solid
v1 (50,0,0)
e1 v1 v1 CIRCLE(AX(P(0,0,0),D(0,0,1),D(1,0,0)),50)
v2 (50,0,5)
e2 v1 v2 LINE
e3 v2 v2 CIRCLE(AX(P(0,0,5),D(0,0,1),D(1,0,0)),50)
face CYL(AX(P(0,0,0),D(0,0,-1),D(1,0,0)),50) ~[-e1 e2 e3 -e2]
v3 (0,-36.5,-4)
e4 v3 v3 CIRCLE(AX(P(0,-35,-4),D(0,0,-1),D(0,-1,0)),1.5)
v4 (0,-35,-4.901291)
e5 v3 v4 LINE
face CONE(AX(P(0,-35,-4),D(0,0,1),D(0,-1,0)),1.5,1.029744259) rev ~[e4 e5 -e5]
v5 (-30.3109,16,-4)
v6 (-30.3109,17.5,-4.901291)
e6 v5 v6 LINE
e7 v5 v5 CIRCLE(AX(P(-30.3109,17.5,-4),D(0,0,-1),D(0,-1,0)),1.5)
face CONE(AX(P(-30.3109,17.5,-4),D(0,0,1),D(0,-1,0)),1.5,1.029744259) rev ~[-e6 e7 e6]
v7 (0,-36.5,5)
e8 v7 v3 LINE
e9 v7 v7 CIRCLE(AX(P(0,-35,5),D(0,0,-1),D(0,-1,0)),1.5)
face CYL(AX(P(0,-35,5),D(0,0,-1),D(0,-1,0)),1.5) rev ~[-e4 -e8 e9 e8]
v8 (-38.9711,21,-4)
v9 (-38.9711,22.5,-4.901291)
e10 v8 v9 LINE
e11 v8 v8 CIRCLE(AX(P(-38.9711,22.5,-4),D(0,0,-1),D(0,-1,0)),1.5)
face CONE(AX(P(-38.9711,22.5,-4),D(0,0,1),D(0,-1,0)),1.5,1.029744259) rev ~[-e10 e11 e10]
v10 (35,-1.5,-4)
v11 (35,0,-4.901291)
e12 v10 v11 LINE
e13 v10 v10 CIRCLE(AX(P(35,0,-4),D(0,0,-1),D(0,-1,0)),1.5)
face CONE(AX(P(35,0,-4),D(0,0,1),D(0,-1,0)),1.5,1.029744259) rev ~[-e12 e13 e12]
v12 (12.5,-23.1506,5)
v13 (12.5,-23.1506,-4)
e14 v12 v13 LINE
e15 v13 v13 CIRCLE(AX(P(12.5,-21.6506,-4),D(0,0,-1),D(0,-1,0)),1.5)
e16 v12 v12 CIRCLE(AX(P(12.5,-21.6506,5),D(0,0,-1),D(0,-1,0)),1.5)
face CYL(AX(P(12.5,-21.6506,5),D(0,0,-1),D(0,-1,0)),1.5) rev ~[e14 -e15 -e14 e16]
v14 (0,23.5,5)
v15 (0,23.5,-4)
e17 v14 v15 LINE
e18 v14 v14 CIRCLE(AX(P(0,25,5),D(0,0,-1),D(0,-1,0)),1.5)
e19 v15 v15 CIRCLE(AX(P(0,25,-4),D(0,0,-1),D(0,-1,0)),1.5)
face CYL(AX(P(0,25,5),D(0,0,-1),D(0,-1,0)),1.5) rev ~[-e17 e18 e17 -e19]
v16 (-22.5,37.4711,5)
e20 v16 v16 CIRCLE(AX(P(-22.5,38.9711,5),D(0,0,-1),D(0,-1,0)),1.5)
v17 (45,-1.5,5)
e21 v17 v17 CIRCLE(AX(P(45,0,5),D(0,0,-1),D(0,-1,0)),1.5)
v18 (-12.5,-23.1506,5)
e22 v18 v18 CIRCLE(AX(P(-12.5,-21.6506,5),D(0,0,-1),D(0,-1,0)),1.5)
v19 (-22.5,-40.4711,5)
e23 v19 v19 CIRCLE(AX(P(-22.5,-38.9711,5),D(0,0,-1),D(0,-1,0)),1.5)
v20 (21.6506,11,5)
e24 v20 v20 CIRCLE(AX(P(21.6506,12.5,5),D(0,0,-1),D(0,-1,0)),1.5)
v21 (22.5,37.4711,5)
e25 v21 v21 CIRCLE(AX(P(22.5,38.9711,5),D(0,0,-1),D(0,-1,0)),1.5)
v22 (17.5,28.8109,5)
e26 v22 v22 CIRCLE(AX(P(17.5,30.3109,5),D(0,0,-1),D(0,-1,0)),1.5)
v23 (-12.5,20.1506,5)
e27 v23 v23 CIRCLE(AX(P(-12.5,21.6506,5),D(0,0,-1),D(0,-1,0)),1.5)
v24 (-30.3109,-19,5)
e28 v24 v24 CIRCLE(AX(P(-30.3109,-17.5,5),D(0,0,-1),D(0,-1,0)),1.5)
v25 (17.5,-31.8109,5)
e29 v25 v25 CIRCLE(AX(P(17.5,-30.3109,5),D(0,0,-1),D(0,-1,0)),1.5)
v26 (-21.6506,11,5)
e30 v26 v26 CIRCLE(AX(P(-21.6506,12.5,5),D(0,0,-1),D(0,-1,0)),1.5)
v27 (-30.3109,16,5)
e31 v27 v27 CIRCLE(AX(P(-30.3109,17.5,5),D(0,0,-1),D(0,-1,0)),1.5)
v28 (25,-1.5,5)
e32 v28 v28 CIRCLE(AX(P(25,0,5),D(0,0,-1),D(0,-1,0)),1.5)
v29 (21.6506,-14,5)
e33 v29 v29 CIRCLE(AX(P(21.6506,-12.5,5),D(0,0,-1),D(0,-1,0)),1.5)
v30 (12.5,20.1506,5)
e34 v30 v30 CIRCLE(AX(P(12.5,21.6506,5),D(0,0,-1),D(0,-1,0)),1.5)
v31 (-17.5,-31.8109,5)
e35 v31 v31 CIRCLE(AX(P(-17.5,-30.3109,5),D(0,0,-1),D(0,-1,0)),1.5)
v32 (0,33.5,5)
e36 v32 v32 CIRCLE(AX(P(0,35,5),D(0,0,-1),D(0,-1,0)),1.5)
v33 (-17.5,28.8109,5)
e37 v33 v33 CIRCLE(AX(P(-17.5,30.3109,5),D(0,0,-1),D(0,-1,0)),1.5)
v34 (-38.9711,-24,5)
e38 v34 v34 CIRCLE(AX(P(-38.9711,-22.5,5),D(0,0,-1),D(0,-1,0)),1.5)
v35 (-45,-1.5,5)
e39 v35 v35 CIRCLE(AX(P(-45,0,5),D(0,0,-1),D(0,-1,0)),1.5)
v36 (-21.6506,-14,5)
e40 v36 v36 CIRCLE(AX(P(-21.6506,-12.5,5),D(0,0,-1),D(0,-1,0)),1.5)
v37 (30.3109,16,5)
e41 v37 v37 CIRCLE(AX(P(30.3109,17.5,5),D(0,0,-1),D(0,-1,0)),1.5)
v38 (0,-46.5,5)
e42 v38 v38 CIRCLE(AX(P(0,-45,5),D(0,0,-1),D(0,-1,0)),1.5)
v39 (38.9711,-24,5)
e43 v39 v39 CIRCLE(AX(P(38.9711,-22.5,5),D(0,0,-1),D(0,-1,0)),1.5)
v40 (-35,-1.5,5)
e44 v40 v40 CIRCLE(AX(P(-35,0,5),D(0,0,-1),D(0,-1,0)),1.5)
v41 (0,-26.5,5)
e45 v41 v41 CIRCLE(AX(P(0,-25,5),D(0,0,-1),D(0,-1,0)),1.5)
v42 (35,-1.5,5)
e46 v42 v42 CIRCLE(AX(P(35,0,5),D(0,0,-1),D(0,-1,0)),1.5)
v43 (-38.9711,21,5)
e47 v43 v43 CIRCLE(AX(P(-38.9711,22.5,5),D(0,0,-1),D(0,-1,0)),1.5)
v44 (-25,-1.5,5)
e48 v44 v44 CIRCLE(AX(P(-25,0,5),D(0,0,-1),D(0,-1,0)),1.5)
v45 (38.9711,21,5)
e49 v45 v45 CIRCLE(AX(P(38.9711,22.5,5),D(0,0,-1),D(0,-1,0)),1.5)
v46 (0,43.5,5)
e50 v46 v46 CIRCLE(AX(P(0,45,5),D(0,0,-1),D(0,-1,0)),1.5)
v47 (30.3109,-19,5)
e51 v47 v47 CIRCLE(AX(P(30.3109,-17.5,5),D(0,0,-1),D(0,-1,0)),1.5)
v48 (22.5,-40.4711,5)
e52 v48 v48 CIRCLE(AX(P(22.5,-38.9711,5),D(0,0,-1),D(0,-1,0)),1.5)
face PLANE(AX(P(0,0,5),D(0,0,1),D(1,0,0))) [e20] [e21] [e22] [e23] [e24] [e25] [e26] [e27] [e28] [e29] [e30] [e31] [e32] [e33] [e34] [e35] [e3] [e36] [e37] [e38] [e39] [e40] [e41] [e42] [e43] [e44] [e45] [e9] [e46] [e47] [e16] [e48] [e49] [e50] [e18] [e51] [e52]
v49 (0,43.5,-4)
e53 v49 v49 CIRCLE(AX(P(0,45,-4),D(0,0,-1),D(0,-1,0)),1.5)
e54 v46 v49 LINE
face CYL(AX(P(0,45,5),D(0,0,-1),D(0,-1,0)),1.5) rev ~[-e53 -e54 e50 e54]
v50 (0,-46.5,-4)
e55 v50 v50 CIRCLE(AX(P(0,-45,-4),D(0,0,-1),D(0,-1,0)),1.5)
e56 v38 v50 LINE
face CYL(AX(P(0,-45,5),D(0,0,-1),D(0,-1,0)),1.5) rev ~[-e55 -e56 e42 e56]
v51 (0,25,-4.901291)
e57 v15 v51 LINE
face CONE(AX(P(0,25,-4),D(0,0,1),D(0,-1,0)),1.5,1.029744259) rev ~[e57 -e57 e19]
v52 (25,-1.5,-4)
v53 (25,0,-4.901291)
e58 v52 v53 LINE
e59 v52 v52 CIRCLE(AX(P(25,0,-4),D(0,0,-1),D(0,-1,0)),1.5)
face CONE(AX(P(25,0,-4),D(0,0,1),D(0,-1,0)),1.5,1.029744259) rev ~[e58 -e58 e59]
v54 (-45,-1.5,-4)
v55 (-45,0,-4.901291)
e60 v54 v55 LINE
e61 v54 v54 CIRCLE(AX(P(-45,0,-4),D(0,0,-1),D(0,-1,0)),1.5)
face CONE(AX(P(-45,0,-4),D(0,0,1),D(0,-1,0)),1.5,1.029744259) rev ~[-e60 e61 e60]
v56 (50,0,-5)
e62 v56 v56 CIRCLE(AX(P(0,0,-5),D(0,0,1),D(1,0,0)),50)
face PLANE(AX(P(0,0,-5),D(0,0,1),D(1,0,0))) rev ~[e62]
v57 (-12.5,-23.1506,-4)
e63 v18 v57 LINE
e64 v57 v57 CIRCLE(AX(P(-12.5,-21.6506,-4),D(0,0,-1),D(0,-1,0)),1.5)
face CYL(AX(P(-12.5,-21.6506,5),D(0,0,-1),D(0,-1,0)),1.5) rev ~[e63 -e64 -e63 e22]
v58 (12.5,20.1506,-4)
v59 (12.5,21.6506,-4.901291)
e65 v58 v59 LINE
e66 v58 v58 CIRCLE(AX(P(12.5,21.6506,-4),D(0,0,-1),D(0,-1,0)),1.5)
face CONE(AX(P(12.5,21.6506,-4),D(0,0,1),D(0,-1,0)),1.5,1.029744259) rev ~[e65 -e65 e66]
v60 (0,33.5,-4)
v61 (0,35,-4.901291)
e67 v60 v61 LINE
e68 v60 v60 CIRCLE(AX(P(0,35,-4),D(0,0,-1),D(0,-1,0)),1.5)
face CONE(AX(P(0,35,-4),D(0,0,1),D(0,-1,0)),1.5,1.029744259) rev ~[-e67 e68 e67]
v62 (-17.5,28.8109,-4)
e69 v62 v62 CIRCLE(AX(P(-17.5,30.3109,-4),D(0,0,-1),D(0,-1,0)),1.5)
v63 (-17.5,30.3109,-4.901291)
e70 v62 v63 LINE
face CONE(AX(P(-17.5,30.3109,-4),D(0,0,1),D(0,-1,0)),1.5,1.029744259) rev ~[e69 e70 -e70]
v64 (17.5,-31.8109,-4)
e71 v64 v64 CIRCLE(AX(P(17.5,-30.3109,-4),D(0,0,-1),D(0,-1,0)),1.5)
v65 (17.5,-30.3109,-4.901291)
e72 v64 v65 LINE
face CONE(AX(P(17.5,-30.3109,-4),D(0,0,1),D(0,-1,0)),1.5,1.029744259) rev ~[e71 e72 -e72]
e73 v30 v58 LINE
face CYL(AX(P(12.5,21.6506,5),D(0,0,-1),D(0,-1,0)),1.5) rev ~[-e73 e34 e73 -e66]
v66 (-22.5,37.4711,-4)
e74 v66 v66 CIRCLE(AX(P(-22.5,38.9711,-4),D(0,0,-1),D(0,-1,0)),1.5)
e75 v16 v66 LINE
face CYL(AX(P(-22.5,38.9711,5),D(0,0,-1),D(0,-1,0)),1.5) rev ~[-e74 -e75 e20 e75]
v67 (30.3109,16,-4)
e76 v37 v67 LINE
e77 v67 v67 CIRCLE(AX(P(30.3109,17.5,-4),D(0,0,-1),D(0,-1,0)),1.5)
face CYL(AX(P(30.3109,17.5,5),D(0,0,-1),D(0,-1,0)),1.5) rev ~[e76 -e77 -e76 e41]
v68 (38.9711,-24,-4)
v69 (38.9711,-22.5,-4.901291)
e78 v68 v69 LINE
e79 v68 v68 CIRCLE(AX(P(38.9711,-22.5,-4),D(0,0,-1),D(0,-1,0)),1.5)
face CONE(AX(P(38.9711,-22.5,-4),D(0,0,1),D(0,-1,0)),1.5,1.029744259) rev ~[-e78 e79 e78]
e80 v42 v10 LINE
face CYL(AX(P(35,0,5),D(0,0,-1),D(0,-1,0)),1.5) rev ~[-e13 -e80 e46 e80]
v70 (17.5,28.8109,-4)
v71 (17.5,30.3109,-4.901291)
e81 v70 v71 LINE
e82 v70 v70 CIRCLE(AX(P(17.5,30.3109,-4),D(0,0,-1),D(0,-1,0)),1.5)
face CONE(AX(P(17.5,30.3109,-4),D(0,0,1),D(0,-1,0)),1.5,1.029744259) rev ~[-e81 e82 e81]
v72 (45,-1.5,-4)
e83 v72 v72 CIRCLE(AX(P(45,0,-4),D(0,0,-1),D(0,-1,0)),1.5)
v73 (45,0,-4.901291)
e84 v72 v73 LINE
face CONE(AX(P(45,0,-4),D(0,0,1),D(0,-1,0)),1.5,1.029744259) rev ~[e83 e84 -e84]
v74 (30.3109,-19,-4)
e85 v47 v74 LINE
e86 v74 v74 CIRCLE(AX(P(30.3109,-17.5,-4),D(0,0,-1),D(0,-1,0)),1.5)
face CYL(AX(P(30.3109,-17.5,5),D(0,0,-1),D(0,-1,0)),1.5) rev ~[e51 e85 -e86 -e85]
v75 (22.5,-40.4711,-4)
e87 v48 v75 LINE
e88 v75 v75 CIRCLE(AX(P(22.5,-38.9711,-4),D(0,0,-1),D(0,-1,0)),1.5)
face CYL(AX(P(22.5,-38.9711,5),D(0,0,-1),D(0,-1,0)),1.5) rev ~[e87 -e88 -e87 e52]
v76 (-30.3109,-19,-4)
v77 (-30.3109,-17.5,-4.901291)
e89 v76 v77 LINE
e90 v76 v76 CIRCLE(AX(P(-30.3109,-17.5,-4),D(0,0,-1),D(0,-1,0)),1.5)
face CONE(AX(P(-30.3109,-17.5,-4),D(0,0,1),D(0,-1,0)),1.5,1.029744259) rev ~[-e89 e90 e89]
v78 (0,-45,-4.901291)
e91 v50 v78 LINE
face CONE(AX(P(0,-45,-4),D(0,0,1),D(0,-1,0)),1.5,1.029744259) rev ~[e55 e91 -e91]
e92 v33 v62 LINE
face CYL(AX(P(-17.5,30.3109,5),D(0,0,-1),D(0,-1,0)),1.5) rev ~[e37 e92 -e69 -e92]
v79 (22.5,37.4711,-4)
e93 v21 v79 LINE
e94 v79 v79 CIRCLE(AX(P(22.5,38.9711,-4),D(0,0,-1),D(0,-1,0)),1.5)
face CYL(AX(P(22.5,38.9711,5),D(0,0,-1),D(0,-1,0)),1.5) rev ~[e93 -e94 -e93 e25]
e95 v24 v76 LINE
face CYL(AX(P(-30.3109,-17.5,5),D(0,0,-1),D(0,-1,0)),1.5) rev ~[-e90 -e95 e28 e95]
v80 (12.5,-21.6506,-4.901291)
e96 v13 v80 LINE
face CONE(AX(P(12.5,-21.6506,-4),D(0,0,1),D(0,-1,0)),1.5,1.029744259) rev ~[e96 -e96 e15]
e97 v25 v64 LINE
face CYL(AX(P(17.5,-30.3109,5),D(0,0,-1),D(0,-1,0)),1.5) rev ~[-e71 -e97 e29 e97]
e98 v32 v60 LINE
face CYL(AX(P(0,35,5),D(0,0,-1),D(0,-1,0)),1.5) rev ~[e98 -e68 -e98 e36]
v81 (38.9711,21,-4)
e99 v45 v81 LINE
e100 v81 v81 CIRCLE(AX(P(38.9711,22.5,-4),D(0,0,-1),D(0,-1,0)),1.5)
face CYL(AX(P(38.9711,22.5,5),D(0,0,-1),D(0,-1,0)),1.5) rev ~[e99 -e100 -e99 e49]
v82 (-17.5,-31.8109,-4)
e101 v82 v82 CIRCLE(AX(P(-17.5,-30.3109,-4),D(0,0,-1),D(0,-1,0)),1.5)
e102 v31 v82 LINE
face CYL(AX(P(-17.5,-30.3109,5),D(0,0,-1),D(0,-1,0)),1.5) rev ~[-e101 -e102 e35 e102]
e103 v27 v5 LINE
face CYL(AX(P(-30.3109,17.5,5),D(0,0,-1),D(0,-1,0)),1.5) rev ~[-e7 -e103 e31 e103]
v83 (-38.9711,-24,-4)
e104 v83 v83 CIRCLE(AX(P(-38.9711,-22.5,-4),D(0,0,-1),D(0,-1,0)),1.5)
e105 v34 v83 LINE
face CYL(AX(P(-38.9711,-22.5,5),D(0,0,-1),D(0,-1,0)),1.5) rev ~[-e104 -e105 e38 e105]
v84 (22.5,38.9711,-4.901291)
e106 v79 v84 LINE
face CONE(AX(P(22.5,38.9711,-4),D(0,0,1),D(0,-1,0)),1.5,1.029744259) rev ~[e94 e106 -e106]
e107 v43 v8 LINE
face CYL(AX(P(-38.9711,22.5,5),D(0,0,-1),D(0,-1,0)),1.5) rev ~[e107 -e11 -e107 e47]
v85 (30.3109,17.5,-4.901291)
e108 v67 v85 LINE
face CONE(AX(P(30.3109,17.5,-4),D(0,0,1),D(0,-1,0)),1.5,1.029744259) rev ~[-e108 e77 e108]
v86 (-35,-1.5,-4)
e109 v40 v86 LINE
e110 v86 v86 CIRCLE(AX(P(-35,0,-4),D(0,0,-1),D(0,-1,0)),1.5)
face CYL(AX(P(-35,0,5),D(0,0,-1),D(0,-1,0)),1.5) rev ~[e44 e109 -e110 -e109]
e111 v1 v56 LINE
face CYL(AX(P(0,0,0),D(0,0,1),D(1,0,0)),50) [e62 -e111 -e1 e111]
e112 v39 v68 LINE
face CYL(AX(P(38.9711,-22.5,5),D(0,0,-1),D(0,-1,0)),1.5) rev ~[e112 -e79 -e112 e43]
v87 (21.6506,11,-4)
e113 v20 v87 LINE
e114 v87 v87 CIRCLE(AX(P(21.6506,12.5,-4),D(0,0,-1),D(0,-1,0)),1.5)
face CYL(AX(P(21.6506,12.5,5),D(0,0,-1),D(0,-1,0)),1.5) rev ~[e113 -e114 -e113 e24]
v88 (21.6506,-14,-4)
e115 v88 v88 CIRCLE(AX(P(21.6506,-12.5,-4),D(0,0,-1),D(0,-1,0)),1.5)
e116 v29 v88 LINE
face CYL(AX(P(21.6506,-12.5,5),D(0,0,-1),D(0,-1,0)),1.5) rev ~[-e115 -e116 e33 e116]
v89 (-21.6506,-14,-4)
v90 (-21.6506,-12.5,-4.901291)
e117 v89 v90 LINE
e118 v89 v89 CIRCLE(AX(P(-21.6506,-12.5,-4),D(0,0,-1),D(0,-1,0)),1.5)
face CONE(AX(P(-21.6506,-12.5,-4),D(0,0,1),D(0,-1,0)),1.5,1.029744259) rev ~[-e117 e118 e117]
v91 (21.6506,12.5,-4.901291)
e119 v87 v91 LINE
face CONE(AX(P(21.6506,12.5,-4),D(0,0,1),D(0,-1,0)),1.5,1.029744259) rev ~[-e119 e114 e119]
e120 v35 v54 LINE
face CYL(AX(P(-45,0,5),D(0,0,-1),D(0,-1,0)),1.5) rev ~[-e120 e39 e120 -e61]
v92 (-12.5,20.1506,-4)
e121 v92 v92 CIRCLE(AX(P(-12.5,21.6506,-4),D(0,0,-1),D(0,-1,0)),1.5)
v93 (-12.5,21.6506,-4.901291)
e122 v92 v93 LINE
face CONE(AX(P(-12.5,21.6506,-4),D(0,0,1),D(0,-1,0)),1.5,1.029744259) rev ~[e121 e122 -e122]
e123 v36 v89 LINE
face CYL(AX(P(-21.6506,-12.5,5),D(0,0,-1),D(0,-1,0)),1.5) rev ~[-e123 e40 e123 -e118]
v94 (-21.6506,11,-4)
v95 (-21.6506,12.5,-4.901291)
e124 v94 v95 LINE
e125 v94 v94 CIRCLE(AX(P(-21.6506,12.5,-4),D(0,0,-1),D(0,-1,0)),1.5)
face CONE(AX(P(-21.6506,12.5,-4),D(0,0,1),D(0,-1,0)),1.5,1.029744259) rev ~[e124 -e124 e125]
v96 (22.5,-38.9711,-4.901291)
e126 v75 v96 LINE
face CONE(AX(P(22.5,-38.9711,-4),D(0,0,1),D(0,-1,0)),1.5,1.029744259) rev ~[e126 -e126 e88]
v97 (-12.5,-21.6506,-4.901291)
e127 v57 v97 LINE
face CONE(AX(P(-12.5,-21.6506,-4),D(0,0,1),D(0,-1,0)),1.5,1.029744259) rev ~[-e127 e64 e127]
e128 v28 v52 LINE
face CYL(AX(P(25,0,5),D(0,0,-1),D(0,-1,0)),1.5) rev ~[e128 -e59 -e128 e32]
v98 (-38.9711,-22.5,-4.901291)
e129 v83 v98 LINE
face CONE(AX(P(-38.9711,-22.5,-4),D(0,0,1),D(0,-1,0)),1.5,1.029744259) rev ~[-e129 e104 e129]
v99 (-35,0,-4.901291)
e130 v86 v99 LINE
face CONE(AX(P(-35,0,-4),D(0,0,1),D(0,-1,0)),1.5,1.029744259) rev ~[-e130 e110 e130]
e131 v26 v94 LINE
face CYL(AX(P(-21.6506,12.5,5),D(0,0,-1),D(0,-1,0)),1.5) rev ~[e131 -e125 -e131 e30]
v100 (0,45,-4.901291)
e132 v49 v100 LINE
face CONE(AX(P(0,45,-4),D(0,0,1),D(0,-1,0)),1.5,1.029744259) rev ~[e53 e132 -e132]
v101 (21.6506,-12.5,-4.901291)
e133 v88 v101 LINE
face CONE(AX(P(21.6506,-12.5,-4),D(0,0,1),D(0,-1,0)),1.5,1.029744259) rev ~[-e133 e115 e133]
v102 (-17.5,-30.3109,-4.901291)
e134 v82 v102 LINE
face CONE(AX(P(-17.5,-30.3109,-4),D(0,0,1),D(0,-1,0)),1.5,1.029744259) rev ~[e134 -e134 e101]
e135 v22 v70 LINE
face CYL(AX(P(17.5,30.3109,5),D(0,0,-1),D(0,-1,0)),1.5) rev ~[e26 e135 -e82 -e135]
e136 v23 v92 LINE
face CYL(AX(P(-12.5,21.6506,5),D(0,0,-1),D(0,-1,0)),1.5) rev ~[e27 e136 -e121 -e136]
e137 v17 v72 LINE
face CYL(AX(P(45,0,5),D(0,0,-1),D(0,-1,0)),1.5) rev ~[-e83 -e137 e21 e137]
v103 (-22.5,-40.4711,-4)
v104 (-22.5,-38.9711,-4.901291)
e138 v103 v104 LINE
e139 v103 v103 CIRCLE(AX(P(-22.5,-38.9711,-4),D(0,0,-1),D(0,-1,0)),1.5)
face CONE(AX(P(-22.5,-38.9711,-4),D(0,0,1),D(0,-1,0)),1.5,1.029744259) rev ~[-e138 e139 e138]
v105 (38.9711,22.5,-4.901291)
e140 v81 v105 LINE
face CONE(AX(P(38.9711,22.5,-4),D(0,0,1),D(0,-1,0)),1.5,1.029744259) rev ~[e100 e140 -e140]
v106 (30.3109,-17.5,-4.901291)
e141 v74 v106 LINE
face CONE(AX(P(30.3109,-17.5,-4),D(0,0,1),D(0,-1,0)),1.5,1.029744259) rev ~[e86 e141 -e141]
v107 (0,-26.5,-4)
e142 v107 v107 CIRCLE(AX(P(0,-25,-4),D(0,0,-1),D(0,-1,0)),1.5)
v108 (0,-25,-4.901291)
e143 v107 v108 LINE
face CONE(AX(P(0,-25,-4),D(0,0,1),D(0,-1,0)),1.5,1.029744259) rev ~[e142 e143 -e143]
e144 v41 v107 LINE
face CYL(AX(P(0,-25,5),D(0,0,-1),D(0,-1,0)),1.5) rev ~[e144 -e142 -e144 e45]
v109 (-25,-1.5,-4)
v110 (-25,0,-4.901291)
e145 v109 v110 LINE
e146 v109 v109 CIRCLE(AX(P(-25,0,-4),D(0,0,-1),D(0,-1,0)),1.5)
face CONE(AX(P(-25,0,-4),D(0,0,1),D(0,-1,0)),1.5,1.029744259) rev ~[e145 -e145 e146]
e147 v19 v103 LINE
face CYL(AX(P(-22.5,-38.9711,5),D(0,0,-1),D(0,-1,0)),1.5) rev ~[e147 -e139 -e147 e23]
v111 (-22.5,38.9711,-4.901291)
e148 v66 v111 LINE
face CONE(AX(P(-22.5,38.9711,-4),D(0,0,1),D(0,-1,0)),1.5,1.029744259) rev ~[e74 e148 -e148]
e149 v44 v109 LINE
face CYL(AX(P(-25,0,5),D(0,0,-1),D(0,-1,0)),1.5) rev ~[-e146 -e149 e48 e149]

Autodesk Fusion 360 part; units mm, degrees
sketch "base plate" plane through (0, 0, 0) normal (0, 0, 1) x (1, 0, 0)
  circle A0 centre (0, 0) radius 50
  dimension "d1" = 100
extrude "Extrude1" add sketch "base plate" along normal mid plane 10
sketch "tube holes outer layer" plane through (0, 0, 5) normal (0, 0, 1) x (-1, 0, 0)
  circle A0 centre (0, 0) radius 50
  circle A1 centre (45, 0) radius 1.5
  point P0 (-45, 0)
  point P1 (-38.9711, -22.5)
  point P2 (-22.5, -38.9711)
  point P3 (0, -45)
  point P4 (22.5, -38.9711)
  point P5 (38.9711, -22.5)
  point P6 (38.9711, 22.5)
  point P7 (22.5, 38.9711)
  point P8 (0, 45)
  point P9 (-22.5, 38.9711)
  point P10 (-38.9711, 22.5)
  dimension "d4" = 3
  dimension "d6" = 360
hole "Hole1" at (0, 45, 5) at (22.5, 38.9711, 5) at (38.9711, 22.5, 5) at (45, 0, 5) at (38.9711, -22.5, 5) at (22.5, -38.9711, 5) at (0, -45, 5) at (-22.5, -38.9711, 5) at (-38.9711, -22.5, 5) at (-45, 0, 5) at (-38.9711, 22.5, 5) at (-22.5, 38.9711, 5) direction (0, 0, -1) diameter 3 depth 9 tip angle 118
sketch "tube holes layer 2" plane through (0, 0, 5) normal (0, 0, 1) x (-1, 0, 0)
  circle A0 centre (38.9711, -22.5) radius 1.5
  circle A1 centre (38.9711, 22.5) radius 1.5
  circle A2 centre (0, 45) radius 1.5
  circle A3 centre (-38.9711, 22.5) radius 1.5
  circle A4 centre (-38.9711, -22.5) radius 1.5
  circle A5 centre (0, -45) radius 1.5
  circle A6 centre (-22.5, -38.9711) radius 1.5
  circle A7 centre (-45, 0) radius 1.5
  circle A8 centre (-22.5, 38.9711) radius 1.5
  circle A9 centre (22.5, 38.9711) radius 1.5
  circle A10 centre (45, 0) radius 1.5
  circle A11 centre (22.5, -38.9711) radius 1.5
  circle A12 centre (0, 0) radius 50
  line L0 (0, 0) -> (0, -45) construction
  circle A13 centre (0, -35) radius 1.5
  circle A14 centre (0, 35) radius 1.5
  circle A15 centre (-17.5, 30.3109) radius 1.5
  circle A16 centre (-30.3109, 17.5) radius 1.5
  circle A17 centre (-35, 0) radius 1.5
  circle A18 centre (-30.3109, -17.5) radius 1.5
  circle A19 centre (-17.5, -30.3109) radius 1.5
  circle A20 centre (17.5, -30.3109) radius 1.5
  circle A21 centre (30.3109, -17.5) radius 1.5
  circle A22 centre (35, 0) radius 1.5
  circle A23 centre (30.3109, 17.5) radius 1.5
  circle A24 centre (17.5, 30.3109) radius 1.5
  dimension "d10" = 3
  dimension "d12" = 360
hole "Hole2" at (-17.5, 30.3109, 5) at (0, 35, 5) at (17.5, 30.3109, 5) at (30.3109, 17.5, 5) at (35, 0, 5) at (30.3109, -17.5, 5) at (17.5, -30.3109, 5) at (0, -35, 5) at (-17.5, -30.3109, 5) at (-30.3109, -17.5, 5) at (-35, 0, 5) at (-30.3109, 17.5, 5) direction (0, 0, -1) diameter 3 depth 9 tip angle 118
sketch "tube holes layer 3" plane through (0, 0, 5) normal (0, 0, 1) x (-1, 0, 0)
  circle A0 centre (35, 0) radius 1.5
  circle A1 centre (17.5, 30.3109) radius 1.5
  circle A2 centre (-17.5, 30.3109) radius 1.5
  circle A3 centre (-35, 0) radius 1.5
  circle A4 centre (-17.5, -30.3109) radius 1.5
  circle A5 centre (17.5, -30.3109) radius 1.5
  circle A6 centre (0, -35) radius 1.5
  circle A7 centre (-30.3109, -17.5) radius 1.5
  circle A8 centre (-30.3109, 17.5) radius 1.5
  circle A9 centre (0, 35) radius 1.5
  circle A10 centre (30.3109, 17.5) radius 1.5
  circle A11 centre (30.3109, -17.5) radius 1.5
  circle A12 centre (38.9711, -22.5) radius 1.5
  circle A13 centre (38.9711, 22.5) radius 1.5
  circle A14 centre (0, 45) radius 1.5
  circle A15 centre (-38.9711, 22.5) radius 1.5
  circle A16 centre (-38.9711, -22.5) radius 1.5
  circle A17 centre (0, -45) radius 1.5
  circle A18 centre (-22.5, -38.9711) radius 1.5
  circle A19 centre (-45, 0) radius 1.5
  circle A20 centre (-22.5, 38.9711) radius 1.5
  circle A21 centre (22.5, 38.9711) radius 1.5
  circle A22 centre (45, 0) radius 1.5
  circle A23 centre (22.5, -38.9711) radius 1.5
  circle A24 centre (0, 0) radius 50
  circle A25 centre (0, -25) radius 1.5
  point P0 (0, 25)
  point P1 (-12.5, 21.6506)
  point P2 (-21.6506, 12.5)
  point P3 (-25, 0)
  point P4 (-21.6506, -12.5)
  point P5 (-12.5, -21.6506)
  point P6 (12.5, -21.6506)
  point P7 (21.6506, -12.5)
  point P8 (25, 0)
  point P9 (21.6506, 12.5)
  point P10 (12.5, 21.6506)
  dimension "d16" = 3
  dimension "d18" = 360
hole "Hole3" at (0, 25, 5) at (12.5, 21.6506, 5) at (21.6506, 12.5, 5) at (25, 0, 5) at (21.6506, -12.5, 5) at (12.5, -21.6506, 5) at (0, -25, 5) at (-12.5, -21.6506, 5) at (-21.6506, -12.5, 5) at (-25, 0, 5) at (-21.6506, 12.5, 5) at (-12.5, 21.6506, 5) direction (0, 0, -1) diameter 3 depth 9 tip angle 118
